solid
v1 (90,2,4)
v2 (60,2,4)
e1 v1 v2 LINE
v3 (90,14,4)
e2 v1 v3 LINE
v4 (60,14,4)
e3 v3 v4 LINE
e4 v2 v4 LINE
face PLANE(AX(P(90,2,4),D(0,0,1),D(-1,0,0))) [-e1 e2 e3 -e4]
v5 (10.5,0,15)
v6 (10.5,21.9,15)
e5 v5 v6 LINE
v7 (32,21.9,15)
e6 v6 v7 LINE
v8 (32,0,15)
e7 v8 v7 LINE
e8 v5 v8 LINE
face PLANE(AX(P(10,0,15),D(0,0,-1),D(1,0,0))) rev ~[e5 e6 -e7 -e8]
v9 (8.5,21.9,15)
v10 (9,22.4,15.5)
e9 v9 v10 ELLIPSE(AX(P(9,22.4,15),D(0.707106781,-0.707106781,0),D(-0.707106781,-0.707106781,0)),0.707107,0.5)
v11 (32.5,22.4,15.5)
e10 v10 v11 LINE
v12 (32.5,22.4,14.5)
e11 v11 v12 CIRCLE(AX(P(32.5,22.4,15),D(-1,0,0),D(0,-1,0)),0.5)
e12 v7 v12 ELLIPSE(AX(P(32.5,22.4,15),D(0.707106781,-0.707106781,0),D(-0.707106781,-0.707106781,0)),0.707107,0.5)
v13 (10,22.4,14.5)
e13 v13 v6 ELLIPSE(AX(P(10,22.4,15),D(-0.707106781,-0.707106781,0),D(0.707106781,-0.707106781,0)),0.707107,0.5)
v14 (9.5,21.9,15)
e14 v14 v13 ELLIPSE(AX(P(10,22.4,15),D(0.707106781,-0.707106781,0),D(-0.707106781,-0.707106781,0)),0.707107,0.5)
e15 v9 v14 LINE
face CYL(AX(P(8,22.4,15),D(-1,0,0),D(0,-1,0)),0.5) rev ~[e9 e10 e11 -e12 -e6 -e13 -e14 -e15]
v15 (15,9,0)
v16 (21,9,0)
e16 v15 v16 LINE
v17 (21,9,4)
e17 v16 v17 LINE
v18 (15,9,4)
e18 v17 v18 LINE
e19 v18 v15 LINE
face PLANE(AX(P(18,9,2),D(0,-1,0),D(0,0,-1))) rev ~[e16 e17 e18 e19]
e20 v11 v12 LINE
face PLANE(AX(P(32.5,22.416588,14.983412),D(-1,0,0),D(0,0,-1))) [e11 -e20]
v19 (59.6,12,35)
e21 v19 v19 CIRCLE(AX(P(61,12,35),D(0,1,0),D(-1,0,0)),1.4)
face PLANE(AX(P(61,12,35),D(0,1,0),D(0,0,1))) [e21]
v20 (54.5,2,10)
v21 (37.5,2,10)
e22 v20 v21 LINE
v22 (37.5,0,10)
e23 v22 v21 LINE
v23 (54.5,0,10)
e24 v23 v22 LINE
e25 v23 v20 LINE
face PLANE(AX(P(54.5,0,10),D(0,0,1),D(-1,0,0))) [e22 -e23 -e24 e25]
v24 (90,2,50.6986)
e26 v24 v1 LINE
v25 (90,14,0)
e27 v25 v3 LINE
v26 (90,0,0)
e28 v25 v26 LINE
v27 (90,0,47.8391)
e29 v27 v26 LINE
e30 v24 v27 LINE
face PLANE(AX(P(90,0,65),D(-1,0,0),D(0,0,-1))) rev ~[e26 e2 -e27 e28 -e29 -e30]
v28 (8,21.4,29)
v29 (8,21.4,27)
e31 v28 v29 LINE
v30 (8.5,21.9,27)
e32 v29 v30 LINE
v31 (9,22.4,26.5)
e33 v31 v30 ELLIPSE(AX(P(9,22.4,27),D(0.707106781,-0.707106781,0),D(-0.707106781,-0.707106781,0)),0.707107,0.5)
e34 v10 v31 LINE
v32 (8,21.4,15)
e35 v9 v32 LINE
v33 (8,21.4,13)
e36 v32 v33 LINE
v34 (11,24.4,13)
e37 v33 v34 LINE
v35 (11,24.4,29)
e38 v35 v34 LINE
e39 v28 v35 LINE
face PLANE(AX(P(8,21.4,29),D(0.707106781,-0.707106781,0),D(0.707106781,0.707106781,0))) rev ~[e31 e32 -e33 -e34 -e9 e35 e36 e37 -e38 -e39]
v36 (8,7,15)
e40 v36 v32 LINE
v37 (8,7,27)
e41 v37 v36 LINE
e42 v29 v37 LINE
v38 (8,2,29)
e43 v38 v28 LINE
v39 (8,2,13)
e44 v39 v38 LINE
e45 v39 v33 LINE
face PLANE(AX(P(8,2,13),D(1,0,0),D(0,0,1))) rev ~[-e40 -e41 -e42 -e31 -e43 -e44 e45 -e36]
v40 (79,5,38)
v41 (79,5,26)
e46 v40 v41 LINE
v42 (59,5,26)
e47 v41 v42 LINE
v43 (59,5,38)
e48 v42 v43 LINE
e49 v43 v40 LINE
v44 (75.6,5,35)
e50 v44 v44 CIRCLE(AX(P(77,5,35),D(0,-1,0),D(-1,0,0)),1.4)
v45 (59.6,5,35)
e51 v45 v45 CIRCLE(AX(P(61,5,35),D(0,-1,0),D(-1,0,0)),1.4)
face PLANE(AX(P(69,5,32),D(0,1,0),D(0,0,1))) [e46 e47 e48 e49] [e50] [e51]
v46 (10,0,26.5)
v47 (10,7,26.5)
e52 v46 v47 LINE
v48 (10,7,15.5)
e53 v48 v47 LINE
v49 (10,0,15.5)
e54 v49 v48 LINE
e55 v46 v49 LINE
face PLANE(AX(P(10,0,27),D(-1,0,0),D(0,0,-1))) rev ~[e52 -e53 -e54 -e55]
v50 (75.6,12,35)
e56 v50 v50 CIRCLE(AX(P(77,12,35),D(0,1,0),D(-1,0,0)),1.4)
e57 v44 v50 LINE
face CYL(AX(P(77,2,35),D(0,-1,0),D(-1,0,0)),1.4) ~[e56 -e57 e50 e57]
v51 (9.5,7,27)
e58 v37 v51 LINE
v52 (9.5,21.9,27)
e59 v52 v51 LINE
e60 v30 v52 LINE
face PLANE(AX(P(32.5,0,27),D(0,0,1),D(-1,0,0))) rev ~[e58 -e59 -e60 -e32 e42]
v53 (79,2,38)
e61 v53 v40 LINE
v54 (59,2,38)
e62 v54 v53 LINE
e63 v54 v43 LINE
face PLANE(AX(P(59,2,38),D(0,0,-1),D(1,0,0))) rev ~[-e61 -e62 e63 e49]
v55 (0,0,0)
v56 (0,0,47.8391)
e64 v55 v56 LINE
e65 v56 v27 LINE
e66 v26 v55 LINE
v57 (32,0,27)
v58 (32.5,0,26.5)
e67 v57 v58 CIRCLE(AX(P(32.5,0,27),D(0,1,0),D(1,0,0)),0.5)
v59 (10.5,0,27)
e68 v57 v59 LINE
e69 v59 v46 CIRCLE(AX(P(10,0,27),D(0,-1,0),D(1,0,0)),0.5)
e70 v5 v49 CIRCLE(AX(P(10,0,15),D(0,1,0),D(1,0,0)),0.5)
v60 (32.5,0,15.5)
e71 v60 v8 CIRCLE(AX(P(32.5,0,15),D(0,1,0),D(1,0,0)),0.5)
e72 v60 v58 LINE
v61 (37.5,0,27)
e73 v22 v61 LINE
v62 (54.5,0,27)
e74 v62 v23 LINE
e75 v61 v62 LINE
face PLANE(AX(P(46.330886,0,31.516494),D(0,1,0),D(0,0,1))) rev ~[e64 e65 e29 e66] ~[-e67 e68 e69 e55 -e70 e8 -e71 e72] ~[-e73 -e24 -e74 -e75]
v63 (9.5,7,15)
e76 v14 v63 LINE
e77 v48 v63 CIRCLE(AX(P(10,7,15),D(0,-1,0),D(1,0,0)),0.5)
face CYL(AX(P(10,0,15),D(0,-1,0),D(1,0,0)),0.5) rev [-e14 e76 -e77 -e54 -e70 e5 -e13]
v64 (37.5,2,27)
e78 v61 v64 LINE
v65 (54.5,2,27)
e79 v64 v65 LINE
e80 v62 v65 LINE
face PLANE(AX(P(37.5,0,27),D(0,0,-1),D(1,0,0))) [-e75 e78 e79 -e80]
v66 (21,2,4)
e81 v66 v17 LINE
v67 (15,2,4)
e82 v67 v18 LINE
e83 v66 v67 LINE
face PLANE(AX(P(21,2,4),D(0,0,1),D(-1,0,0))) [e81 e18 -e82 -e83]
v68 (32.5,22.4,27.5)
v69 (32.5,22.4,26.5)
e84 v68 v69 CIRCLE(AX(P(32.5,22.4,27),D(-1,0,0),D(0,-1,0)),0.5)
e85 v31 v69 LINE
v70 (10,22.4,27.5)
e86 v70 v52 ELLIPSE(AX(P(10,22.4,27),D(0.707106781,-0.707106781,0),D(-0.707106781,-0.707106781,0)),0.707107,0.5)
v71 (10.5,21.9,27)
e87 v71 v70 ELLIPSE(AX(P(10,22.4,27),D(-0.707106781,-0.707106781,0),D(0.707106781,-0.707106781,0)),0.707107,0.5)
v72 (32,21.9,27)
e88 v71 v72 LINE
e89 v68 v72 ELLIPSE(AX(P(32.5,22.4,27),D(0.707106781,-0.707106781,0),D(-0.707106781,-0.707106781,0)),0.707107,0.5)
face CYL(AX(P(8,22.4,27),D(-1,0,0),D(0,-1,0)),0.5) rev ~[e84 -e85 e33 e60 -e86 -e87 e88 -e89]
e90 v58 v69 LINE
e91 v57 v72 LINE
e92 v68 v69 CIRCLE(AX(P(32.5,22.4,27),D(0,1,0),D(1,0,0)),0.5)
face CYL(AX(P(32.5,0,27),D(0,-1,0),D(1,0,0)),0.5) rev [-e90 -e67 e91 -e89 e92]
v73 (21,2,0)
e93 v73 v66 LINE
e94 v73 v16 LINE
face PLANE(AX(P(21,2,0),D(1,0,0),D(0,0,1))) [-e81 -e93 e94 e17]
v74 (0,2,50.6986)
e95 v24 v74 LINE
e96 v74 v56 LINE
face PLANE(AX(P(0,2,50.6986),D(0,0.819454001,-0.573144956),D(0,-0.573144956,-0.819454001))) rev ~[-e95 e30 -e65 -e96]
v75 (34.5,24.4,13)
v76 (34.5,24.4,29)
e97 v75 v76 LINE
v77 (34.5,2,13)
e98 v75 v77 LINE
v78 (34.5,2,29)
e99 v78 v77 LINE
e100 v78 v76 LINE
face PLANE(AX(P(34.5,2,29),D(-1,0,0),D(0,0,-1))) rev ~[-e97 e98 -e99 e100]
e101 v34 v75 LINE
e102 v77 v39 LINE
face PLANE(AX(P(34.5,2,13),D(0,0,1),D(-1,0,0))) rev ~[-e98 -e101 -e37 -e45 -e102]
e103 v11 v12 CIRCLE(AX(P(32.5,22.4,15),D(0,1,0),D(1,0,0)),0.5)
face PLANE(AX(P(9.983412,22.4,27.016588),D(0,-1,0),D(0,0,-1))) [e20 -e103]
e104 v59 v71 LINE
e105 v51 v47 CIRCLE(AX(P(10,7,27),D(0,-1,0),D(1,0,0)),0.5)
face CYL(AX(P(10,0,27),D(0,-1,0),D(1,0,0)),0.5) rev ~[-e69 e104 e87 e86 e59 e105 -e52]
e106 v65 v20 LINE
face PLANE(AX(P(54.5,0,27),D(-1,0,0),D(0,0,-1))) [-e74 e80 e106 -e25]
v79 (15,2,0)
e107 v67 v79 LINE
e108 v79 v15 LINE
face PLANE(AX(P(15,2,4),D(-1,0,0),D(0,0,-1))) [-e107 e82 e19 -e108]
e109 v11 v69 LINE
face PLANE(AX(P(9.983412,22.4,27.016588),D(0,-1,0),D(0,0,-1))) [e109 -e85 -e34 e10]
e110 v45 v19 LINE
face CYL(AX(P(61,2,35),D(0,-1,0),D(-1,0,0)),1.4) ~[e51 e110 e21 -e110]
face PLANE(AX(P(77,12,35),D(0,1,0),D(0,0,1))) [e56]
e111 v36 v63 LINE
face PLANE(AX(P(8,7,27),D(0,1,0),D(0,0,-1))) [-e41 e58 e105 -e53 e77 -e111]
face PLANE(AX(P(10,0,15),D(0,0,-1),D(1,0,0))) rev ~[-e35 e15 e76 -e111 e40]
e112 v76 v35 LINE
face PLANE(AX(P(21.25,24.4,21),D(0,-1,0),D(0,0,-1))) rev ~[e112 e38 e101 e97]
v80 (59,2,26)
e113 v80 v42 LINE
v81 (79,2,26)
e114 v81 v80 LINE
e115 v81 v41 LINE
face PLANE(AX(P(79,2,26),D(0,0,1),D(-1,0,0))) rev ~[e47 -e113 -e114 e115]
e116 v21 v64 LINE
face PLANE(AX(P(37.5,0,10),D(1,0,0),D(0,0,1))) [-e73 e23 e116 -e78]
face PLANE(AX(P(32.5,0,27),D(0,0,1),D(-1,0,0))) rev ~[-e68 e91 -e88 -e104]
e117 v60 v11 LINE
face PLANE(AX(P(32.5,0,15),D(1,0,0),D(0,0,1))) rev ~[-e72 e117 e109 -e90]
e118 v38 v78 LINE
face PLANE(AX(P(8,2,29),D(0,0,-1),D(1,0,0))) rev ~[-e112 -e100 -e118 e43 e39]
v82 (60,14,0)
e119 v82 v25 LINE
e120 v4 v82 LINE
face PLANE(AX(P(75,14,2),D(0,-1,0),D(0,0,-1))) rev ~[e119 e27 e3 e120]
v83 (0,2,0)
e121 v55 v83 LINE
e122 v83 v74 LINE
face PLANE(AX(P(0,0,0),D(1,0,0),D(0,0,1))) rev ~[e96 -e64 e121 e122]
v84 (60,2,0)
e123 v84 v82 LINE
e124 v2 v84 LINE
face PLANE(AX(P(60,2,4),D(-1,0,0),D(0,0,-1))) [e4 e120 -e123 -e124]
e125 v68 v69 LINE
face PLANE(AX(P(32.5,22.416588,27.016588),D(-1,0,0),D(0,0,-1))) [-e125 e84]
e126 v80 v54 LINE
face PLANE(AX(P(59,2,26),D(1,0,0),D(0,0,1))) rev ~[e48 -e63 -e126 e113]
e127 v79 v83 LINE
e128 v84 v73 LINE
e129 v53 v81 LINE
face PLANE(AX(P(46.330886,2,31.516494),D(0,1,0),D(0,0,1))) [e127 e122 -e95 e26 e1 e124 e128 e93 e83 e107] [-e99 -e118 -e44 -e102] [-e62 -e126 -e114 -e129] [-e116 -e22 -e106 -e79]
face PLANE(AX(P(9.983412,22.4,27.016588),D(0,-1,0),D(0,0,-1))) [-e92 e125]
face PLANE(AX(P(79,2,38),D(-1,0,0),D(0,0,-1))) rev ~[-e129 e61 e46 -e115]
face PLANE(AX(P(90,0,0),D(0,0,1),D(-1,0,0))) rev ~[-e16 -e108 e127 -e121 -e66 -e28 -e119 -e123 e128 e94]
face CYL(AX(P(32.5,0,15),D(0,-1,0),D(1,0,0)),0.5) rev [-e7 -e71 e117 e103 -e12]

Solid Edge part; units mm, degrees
sketch "Sketch1" plane through (0, 0, 0) normal (0, -1, 0) x (1, 0, 0)
  line L0 (0, 50.6986) -> (13.1232, 65)
  line L1 (13.1232, 65) -> (90, 65)
  line L2 (90, 65) -> (90, 0)
  line L3 (90, 0) -> (0, 0)
  line L4 (0, 0) -> (0, 50.6986)
  dimension "D1" = 65
  dimension "D2" = 90
  dimension "D3" = 14.3014
  dimension "D4" = 13.1232
extrude "Protrusion1" add sketch "Sketch1" against normal blind 2
sketch "Sketch2" plane through (45, 0, 32.5) normal (0, -1, 0) x (1, 0, 0)
  line L0 (-35, -17.5) -> (-12.5, -17.5)
  line L1 (-12.5, -17.5) -> (-12.5, -5.5)
  line L2 (-12.5, -5.5) -> (-35, -5.5)
  line L3 (-35, -5.5) -> (-35, -17.5)
  dimension "D1" = 10
  dimension "D2" = 12
  dimension "D3" = 22.5
  dimension "D4" = 38
extrude "Cutout1" cut sketch "Sketch2" against normal through all
sketch "Sketch3" plane through (45, 2, 32.5) normal (0, 1, 0) x (-1, 0, 0)
  line L0 (12.5, -5.5) -> (35, -5.5)
  line L1 (35, -5.5) -> (35, -17.5)
  line L2 (35, -17.5) -> (12.5, -17.5)
  line L3 (12.5, -17.5) -> (12.5, -5.5)
  line L4 (10.5, -19.5) -> (37, -19.5)
  line L5 (37, -19.5) -> (37, -3.5)
  line L6 (37, -3.5) -> (10.5, -3.5)
  line L7 (10.5, -3.5) -> (10.5, -19.5)
  dimension "D1" = 2
  dimension "D2" = 2
extrude "Extrusionsausprägung_2" add sketch "Sketch3" along normal blind 20.4
sketch "Sketch4" plane through (24.25, 22.4, 21) normal (0, 1, 0) x (-1, 0, 0)
  line L0 (-10.25, 8) -> (16.25, 8)
  line L1 (16.25, 8) -> (16.25, -8)
  line L2 (16.25, -8) -> (-10.25, -8)
  line L3 (-10.25, -8) -> (-10.25, 8)
extrude "Extrusionsausprägung_3" add sketch "Sketch4" along normal blind 2
sketch "Sketch5" plane through (8, 13.2, 21) normal (-1, 0, 0) x (0, -1, 0)
  line L0 (-9.2, 6) -> (6.2, 6)
  line L1 (6.2, 6) -> (6.2, -6)
  line L2 (6.2, -6) -> (-9.2, -6)
  line L3 (-9.2, -6) -> (-9.2, 6)
  dimension "D1" = 5
extrude "Cutout2" cut sketch "Sketch5" against normal up to next
sketch "Sketch6" plane through (45, 0, 32.5) normal (0, -1, 0) x (1, 0, 0)
  arc A0 (-34.5, -5.5) -> (-35, -6) centre (-35, -5.5) ccw
  line L0 (-35, -5.5) -> (-35, -6)
  line L1 (-34.5, -5.5) -> (-35, -5.5)
  arc A1 (-13, -5.5) -> (-12.5, -6) centre (-12.5, -5.5) cw
  line L2 (-12.5, -5.5) -> (-12.5, -6)
  line L3 (-13, -5.5) -> (-12.5, -5.5)
  arc A2 (-12.5, -17) -> (-13, -17.5) centre (-12.5, -17.5) cw
  line L4 (-12.5, -17.5) -> (-13, -17.5)
  line L5 (-12.5, -17) -> (-12.5, -17.5)
  arc A3 (-34.5, -17.5) -> (-35, -17) centre (-35, -17.5) cw
  line L6 (-35, -17) -> (-35, -17.5)
  line L7 (-35, -17.5) -> (-34.5, -17.5)
  dimension "D1" = 0.5
extrude "Cutout3" cut sketch "Sketch6" against normal up to vertex (22.4 mm away)
sketch "Sketch7" plane through (8, 13.2, 21) normal (-1, 0, 0) x (0, -1, 0)
  arc A0 (-8.7, 6) -> (-9.2, 5.5) centre (-9.2, 6) ccw
  line L0 (-9.2, 6) -> (-9.2, 5.5)
  line L1 (-8.7, 6) -> (-9.2, 6)
  arc A1 (-9.2, -5.5) -> (-8.7, -6) centre (-9.2, -6) ccw
  line L2 (-9.2, -6) -> (-8.7, -6)
  line L3 (-9.2, -5.5) -> (-9.2, -6)
  dimension "D1" = 0.5
extrude "Cutout4" cut sketch "Sketch7" against normal up to vertex (24.5 mm away)
sketch "Sketch8" plane through (45, 2, 32.5) normal (0, 1, 0) x (-1, 0, 0)
  circle A0 centre (-32, 2.5) radius 1.4
  circle A1 centre (-16, 2.5) radius 1.4
  dimension "D1" = 16
  dimension "D2" = 2.8
  dimension "D3" = 30
  dimension "D4" = 13
extrude "Gy_521" add sketch "Sketch8" along normal blind 10
sketch "Sketch9" plane through (45, 2, 32.5) normal (0, 1, 0) x (-1, 0, 0)
  line L0 (-34, -6.5) -> (-14, -6.5)
  line L1 (-14, -6.5) -> (-14, 5.5)
  line L2 (-14, 5.5) -> (-34, 5.5)
  line L3 (-34, 5.5) -> (-34, -6.5)
  dimension "D1" = 12
  dimension "D2" = 20
  dimension "D3" = 3
extrude "Extrusionsausprägung_5" add sketch "Sketch9" along normal blind 3
chamfer "Fase_1" distance 3 angle 45 1 edges at (8, 24.4, 21)
sketch "Sketch10" plane through (45, 0, 32.5) normal (0, -1, 0) x (1, 0, 0)
  line L0 (-7.5, -5.5) -> (9.5, -5.5)
  line L1 (9.5, -5.5) -> (9.5, -22.5)
  line L2 (9.5, -22.5) -> (-7.5, -22.5)
  line L3 (-7.5, -22.5) -> (-7.5, -5.5)
  dimension "D1" = 5
  dimension "D2" = 17
  dimension "D3" = 17
extrude "Cutout5" cut sketch "Sketch10" against normal up to next
sketch "Sketch11" plane through (45, 0, 32.5) normal (0, -1, 0) x (1, 0, 0)
  line L0 (-45, 18.1986) -> (45, 18.1986)
extrude "Cutout6" cut sketch "Sketch11" against normal through all material side at (45, 0, 50.7486)
sketch "Sketch12" plane through (0, 1, 25.3493) normal (-1, 0, 0) x (0, 0, -1)
  line L0 (-25.3493, -1) -> (-22.4898, 1)
  line L1 (-22.4898, 1) -> (-25.3493, 1)
  line L2 (-25.3493, 1) -> (-25.3493, -1)
extrude "Cutout7" cut sketch "Sketch12" against normal through all
sketch "Sketch13" plane through (45, 2, 25.3493) normal (0, 1, 0) x (-1, 0, 0)
  line L0 (-45, -21.3493) -> (-15, -21.3493)
  line L1 (-15, -21.3493) -> (-15, -25.3493)
  line L2 (-15, -25.3493) -> (-45, -25.3493)
  line L3 (-45, -25.3493) -> (-45, -21.3493)
  dimension "D1" = 30
  dimension "D2" = 4
extrude "Extrusionsausprägung_6" add sketch "Sketch13" along normal blind 12
sketch "Sketch14" plane through (45, 2, 25.3493) normal (0, 1, 0) x (-1, 0, 0)
  line L0 (30, -25.3493) -> (24, -25.3493)
  line L1 (24, -25.3493) -> (24, -21.3493)
  line L2 (24, -21.3493) -> (30, -21.3493)
  line L3 (30, -21.3493) -> (30, -25.3493)
  dimension "D1" = 4
  dimension "D2" = 6
  dimension "D3" = 15
extrude "Extrusionsausprägung_7" add sketch "Sketch14" along normal blind 7
